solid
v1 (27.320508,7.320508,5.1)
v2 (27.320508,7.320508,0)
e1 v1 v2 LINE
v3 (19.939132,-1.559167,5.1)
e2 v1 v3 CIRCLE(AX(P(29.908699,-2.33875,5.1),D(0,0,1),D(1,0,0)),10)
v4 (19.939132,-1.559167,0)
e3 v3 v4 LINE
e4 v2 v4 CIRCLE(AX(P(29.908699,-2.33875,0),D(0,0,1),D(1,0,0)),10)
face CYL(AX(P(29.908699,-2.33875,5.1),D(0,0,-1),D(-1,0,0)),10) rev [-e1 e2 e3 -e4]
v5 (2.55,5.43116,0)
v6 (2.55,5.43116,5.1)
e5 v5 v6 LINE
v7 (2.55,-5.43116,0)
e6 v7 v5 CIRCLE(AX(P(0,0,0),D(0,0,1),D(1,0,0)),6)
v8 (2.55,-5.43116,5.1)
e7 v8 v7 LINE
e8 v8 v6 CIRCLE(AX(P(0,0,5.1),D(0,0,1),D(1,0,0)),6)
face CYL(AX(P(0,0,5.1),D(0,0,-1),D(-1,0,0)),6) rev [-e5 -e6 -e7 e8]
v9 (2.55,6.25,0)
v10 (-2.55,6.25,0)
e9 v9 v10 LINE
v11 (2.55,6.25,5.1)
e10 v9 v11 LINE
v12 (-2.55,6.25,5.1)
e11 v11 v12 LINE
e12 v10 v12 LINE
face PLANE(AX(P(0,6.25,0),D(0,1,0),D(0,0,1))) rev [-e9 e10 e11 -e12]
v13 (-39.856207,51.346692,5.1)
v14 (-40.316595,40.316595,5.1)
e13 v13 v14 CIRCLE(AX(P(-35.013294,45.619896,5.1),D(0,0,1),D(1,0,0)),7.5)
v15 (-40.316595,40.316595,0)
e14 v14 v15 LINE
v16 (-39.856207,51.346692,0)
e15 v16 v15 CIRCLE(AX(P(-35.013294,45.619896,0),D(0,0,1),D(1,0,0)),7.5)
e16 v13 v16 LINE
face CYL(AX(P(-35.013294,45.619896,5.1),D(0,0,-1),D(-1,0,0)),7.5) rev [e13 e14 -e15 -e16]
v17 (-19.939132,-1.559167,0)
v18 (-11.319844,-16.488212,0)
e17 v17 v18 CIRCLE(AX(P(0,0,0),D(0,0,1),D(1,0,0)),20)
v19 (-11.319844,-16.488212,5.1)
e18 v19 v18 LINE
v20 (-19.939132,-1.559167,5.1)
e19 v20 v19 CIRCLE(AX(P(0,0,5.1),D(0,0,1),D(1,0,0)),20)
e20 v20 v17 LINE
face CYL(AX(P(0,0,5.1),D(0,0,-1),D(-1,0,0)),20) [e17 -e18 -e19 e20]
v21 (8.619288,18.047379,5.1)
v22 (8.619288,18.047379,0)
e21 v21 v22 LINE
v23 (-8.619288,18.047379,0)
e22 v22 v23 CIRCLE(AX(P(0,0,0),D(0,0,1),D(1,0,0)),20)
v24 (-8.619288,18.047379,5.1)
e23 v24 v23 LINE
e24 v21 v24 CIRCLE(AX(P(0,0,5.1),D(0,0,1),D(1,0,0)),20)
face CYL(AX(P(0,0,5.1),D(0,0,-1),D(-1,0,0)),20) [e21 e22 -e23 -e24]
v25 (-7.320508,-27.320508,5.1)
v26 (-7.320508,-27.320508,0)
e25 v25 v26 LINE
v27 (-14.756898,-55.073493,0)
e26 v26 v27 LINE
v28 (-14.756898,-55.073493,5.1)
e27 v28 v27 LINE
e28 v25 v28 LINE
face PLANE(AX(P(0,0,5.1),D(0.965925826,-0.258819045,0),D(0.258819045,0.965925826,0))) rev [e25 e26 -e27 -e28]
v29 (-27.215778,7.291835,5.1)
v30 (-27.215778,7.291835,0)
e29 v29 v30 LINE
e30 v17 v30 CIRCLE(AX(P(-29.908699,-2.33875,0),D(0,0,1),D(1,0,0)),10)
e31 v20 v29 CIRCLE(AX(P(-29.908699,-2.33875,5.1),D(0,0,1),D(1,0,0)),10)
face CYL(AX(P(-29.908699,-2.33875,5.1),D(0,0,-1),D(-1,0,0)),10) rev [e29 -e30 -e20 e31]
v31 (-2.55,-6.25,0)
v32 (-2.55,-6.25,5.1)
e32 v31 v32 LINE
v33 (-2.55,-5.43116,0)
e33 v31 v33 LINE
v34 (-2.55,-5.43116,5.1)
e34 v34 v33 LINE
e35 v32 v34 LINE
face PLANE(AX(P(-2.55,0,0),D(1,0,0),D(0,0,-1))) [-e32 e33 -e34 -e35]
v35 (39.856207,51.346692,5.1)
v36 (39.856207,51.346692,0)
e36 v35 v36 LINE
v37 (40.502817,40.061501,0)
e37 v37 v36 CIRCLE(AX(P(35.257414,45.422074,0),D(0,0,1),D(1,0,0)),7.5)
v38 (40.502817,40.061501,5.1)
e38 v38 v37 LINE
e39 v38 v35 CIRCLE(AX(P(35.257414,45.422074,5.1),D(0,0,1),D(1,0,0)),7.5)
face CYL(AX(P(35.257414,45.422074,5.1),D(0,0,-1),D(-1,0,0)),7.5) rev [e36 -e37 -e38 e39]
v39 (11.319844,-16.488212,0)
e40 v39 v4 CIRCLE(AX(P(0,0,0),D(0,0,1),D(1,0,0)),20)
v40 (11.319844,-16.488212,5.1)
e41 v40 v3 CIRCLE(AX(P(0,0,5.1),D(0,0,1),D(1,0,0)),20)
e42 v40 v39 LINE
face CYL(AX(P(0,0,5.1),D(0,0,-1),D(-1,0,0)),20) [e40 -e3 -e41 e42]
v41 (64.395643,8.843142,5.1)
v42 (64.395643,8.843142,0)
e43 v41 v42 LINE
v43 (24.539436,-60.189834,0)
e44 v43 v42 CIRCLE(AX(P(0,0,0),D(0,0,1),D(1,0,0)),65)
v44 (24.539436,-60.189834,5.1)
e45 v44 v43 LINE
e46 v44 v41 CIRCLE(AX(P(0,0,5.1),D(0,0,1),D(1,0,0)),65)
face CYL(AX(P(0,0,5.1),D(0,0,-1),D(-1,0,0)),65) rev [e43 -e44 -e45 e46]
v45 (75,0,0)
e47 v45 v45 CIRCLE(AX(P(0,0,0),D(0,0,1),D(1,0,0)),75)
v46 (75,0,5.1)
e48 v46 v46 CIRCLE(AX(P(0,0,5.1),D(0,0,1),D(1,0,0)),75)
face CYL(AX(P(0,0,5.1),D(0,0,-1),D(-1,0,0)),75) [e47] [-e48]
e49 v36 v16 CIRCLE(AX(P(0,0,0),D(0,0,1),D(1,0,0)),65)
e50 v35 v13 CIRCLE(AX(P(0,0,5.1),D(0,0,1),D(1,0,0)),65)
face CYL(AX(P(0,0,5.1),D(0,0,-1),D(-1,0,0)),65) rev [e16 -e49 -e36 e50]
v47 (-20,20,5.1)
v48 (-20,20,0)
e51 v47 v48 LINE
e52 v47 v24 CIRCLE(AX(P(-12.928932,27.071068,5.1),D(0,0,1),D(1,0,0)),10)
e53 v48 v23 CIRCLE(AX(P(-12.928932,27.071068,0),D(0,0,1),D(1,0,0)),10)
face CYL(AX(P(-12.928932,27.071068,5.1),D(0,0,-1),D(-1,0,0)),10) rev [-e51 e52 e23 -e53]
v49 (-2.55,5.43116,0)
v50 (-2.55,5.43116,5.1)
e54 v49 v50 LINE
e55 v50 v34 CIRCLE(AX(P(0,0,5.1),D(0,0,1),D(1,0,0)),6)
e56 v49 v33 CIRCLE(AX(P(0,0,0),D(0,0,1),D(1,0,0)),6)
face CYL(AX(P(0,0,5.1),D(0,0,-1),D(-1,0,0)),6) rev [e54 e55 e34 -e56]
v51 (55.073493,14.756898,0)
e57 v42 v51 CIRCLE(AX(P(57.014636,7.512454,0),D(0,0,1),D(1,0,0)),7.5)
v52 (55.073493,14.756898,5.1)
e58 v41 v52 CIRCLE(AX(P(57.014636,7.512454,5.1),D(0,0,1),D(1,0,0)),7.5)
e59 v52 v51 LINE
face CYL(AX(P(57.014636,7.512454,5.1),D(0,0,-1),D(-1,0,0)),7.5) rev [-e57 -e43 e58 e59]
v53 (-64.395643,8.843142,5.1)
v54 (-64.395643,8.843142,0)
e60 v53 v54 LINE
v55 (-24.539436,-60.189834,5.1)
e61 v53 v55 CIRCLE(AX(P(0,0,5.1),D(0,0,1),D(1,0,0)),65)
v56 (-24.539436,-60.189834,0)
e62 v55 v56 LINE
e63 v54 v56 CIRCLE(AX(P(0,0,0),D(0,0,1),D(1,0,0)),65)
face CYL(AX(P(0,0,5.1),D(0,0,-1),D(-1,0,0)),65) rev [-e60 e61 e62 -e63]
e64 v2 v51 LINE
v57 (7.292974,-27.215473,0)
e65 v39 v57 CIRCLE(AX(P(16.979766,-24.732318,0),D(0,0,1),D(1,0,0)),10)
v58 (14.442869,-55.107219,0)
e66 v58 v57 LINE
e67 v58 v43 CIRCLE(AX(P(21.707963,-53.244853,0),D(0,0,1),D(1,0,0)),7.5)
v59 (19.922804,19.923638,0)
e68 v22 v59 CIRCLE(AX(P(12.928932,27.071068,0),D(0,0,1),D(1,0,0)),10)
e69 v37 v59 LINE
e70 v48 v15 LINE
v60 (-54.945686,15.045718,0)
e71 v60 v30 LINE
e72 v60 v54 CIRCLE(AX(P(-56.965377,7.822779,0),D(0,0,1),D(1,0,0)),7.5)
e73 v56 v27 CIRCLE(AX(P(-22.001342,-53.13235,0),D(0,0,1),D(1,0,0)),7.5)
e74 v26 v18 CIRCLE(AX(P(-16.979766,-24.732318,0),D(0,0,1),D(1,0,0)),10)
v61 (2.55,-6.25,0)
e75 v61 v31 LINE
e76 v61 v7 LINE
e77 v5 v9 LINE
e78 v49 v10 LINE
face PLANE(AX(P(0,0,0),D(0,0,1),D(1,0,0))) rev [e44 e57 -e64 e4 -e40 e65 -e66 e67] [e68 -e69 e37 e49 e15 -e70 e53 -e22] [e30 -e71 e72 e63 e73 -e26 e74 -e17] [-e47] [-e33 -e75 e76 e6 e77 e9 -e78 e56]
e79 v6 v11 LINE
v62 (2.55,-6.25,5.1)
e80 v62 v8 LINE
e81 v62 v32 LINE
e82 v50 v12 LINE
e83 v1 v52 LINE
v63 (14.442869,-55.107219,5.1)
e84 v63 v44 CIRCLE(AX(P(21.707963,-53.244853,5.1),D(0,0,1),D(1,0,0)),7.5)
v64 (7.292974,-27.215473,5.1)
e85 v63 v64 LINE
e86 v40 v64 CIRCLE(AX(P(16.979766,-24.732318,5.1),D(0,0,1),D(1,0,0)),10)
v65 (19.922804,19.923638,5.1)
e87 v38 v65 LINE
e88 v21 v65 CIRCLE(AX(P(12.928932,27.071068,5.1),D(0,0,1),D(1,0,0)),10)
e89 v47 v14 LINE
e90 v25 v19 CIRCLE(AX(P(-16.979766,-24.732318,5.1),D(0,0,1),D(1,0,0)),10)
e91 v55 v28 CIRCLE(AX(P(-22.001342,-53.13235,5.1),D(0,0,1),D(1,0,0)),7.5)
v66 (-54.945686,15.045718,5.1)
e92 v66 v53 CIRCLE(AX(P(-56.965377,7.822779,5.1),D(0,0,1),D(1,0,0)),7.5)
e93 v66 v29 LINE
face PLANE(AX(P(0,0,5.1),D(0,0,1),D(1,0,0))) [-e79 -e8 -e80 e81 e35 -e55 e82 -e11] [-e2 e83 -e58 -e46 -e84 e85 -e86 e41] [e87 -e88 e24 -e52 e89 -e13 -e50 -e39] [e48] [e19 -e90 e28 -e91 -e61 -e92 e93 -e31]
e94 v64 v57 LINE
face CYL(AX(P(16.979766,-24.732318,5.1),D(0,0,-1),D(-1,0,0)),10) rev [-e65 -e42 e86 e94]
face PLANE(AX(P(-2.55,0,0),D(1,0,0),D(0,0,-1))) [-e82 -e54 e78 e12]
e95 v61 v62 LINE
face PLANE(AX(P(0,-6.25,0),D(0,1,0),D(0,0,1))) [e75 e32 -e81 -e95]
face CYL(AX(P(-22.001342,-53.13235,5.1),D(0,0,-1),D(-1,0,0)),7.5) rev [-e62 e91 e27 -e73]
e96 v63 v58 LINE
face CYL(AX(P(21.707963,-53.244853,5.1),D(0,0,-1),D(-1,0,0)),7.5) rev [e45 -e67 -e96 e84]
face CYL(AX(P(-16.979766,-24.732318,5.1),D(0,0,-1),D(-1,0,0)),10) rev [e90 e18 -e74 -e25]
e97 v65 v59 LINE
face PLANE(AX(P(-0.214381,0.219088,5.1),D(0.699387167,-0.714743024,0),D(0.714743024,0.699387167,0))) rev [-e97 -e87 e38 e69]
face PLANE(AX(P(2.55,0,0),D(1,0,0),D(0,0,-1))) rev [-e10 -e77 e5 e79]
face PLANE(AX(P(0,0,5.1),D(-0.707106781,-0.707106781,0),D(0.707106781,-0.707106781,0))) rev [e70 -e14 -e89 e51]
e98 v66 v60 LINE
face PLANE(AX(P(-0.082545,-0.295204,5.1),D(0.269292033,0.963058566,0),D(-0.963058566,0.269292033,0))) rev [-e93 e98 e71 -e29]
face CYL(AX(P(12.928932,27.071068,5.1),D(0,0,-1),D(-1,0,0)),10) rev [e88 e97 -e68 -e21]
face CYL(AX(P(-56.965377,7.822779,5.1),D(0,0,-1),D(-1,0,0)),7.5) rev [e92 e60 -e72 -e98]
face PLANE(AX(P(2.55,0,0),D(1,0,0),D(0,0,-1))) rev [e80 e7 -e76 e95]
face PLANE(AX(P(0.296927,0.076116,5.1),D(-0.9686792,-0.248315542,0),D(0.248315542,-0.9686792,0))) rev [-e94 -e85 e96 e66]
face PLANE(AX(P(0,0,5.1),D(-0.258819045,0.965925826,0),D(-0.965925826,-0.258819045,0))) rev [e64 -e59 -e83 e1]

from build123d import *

# Parameters (mm, degrees)
SKETCH1_R          = 75
SKETCH1_R_2        = 6
EXTRUSION1_DEPTH   = 5.1
CUT_EXTRUDE1_DEPTH = 107.188558706


with BuildPart() as part:
    # Sketch1 → Extrusion1 (new body)
    with BuildSketch(Plane.XY):
        Circle(SKETCH1_R)
        Circle(SKETCH1_R_2, mode=Mode.SUBTRACT)
        with BuildLine():
            ThreePointArc((40.502817464, 40.06150101), (42.745132776, 45.851099569), (39.856206804, 51.346691998))
            ThreePointArc((39.856206804, 51.346691998), (0, 65), (-39.856206804, 51.346691998))
            ThreePointArc((-39.856206804, 51.346691998), (-42.506769406, 45.932667816), (-40.316594862, 40.316594862))
            Line((-40.316594862, 40.316594862), (-20, 20))
            ThreePointArc((-20, 20), (-14.619951975, 17.215082215), (-8.619288125, 18.047378541))
            ThreePointArc((-8.619288125, 18.047378541), (0, 20), (8.619288125, 18.047378541))
            ThreePointArc((8.619288125, 18.047378541), (14.566416982, 17.206046598), (19.922803859, 19.923637571))
            Line((19.922803859, 19.923637571), (40.502817464, 40.06150101))
        make_face(mode=Mode.SUBTRACT)
        with BuildLine():
            ThreePointArc((-54.945686321, 15.045718344), (-61.080783406, 14.092821088), (-64.395643073, 8.843141592))
            ThreePointArc((-64.395643073, 8.843141592), (-56.291651246, -32.5), (-24.539436269, -60.18983359))
            ThreePointArc((-24.539436269, -60.18983359), (-18.525472489, -59.778276047), (-14.756897914, -55.073492776))
            Line((-14.756897914, -55.073492776), (-7.320508076, -27.320508076))
            ThreePointArc((-7.320508076, -27.320508076), (-7.598722539, -21.26879092), (-11.319844226, -16.48821175))
            ThreePointArc((-11.319844226, -16.48821175), (-17.320508076, -10), (-19.939132351, -1.559166791))
            ThreePointArc((-19.939132351, -1.559166791), (-22.184081943, 4.011863849), (-27.215778201, 7.291835471))
            Line((-27.215778201, 7.291835471), (-54.945686321, 15.045718344))
        make_face(mode=Mode.SUBTRACT)
        with BuildLine():
            ThreePointArc((14.442868856, -55.107219354), (18.33565063, -59.943920657), (24.539436269, -60.18983359))
            ThreePointArc((24.539436269, -60.18983359), (56.291651246, -32.5), (64.395643073, 8.843141592))
            ThreePointArc((64.395643073, 8.843141592), (61.032241895, 13.845608231), (55.073492776, 14.756897914))
            Line((55.073492776, 14.756897914), (27.320508076, 7.320508076))
            ThreePointArc((27.320508076, 7.320508076), (22.218674514, 4.053708705), (19.939132351, -1.559166791))
            ThreePointArc((19.939132351, -1.559166791), (17.320508076, -10), (11.319844226, -16.48821175))
            ThreePointArc((11.319844226, -16.48821175), (7.617664962, -21.217910447), (7.292974343, -27.215473042))
            Line((7.292974343, -27.215473042), (14.442868856, -55.107219354))
        make_face(mode=Mode.SUBTRACT)
    extrude(amount=EXTRUSION1_DEPTH)

    # Sketch2 → Cut-Extrude1 (cut, through all)
    with BuildSketch(Plane.XY.offset(5.1)):
        with BuildLine():
            ThreePointArc((-2.55, -5.431160097), (0, -6), (2.55, -5.431160097))
            Line((2.55, -5.431160097), (2.55, 5.431160097))
            ThreePointArc((2.55, 5.431160097), (0, 6), (-2.55, 5.431160097))
            Line((-2.55, 5.431160097), (-2.55, -5.431160097))
        make_face()
        with BuildLine():
            ThreePointArc((-2.55, 5.431160097), (0, 6), (2.55, 5.431160097))
            Line((2.55, 5.431160097), (2.55, 6.25))
            Line((2.55, 6.25), (-2.55, 6.25))
            Line((-2.55, 6.25), (-2.55, 5.431160097))
        make_face()
        with BuildLine():
            Line((-2.55, -6.25), (2.55, -6.25))
            Line((2.55, -6.25), (2.55, -5.431160097))
            ThreePointArc((2.55, -5.431160097), (0, -6), (-2.55, -5.431160097))
            Line((-2.55, -5.431160097), (-2.55, -6.25))
        make_face()
    extrude(amount=-CUT_EXTRUDE1_DEPTH, mode=Mode.SUBTRACT)


solid = part.part
